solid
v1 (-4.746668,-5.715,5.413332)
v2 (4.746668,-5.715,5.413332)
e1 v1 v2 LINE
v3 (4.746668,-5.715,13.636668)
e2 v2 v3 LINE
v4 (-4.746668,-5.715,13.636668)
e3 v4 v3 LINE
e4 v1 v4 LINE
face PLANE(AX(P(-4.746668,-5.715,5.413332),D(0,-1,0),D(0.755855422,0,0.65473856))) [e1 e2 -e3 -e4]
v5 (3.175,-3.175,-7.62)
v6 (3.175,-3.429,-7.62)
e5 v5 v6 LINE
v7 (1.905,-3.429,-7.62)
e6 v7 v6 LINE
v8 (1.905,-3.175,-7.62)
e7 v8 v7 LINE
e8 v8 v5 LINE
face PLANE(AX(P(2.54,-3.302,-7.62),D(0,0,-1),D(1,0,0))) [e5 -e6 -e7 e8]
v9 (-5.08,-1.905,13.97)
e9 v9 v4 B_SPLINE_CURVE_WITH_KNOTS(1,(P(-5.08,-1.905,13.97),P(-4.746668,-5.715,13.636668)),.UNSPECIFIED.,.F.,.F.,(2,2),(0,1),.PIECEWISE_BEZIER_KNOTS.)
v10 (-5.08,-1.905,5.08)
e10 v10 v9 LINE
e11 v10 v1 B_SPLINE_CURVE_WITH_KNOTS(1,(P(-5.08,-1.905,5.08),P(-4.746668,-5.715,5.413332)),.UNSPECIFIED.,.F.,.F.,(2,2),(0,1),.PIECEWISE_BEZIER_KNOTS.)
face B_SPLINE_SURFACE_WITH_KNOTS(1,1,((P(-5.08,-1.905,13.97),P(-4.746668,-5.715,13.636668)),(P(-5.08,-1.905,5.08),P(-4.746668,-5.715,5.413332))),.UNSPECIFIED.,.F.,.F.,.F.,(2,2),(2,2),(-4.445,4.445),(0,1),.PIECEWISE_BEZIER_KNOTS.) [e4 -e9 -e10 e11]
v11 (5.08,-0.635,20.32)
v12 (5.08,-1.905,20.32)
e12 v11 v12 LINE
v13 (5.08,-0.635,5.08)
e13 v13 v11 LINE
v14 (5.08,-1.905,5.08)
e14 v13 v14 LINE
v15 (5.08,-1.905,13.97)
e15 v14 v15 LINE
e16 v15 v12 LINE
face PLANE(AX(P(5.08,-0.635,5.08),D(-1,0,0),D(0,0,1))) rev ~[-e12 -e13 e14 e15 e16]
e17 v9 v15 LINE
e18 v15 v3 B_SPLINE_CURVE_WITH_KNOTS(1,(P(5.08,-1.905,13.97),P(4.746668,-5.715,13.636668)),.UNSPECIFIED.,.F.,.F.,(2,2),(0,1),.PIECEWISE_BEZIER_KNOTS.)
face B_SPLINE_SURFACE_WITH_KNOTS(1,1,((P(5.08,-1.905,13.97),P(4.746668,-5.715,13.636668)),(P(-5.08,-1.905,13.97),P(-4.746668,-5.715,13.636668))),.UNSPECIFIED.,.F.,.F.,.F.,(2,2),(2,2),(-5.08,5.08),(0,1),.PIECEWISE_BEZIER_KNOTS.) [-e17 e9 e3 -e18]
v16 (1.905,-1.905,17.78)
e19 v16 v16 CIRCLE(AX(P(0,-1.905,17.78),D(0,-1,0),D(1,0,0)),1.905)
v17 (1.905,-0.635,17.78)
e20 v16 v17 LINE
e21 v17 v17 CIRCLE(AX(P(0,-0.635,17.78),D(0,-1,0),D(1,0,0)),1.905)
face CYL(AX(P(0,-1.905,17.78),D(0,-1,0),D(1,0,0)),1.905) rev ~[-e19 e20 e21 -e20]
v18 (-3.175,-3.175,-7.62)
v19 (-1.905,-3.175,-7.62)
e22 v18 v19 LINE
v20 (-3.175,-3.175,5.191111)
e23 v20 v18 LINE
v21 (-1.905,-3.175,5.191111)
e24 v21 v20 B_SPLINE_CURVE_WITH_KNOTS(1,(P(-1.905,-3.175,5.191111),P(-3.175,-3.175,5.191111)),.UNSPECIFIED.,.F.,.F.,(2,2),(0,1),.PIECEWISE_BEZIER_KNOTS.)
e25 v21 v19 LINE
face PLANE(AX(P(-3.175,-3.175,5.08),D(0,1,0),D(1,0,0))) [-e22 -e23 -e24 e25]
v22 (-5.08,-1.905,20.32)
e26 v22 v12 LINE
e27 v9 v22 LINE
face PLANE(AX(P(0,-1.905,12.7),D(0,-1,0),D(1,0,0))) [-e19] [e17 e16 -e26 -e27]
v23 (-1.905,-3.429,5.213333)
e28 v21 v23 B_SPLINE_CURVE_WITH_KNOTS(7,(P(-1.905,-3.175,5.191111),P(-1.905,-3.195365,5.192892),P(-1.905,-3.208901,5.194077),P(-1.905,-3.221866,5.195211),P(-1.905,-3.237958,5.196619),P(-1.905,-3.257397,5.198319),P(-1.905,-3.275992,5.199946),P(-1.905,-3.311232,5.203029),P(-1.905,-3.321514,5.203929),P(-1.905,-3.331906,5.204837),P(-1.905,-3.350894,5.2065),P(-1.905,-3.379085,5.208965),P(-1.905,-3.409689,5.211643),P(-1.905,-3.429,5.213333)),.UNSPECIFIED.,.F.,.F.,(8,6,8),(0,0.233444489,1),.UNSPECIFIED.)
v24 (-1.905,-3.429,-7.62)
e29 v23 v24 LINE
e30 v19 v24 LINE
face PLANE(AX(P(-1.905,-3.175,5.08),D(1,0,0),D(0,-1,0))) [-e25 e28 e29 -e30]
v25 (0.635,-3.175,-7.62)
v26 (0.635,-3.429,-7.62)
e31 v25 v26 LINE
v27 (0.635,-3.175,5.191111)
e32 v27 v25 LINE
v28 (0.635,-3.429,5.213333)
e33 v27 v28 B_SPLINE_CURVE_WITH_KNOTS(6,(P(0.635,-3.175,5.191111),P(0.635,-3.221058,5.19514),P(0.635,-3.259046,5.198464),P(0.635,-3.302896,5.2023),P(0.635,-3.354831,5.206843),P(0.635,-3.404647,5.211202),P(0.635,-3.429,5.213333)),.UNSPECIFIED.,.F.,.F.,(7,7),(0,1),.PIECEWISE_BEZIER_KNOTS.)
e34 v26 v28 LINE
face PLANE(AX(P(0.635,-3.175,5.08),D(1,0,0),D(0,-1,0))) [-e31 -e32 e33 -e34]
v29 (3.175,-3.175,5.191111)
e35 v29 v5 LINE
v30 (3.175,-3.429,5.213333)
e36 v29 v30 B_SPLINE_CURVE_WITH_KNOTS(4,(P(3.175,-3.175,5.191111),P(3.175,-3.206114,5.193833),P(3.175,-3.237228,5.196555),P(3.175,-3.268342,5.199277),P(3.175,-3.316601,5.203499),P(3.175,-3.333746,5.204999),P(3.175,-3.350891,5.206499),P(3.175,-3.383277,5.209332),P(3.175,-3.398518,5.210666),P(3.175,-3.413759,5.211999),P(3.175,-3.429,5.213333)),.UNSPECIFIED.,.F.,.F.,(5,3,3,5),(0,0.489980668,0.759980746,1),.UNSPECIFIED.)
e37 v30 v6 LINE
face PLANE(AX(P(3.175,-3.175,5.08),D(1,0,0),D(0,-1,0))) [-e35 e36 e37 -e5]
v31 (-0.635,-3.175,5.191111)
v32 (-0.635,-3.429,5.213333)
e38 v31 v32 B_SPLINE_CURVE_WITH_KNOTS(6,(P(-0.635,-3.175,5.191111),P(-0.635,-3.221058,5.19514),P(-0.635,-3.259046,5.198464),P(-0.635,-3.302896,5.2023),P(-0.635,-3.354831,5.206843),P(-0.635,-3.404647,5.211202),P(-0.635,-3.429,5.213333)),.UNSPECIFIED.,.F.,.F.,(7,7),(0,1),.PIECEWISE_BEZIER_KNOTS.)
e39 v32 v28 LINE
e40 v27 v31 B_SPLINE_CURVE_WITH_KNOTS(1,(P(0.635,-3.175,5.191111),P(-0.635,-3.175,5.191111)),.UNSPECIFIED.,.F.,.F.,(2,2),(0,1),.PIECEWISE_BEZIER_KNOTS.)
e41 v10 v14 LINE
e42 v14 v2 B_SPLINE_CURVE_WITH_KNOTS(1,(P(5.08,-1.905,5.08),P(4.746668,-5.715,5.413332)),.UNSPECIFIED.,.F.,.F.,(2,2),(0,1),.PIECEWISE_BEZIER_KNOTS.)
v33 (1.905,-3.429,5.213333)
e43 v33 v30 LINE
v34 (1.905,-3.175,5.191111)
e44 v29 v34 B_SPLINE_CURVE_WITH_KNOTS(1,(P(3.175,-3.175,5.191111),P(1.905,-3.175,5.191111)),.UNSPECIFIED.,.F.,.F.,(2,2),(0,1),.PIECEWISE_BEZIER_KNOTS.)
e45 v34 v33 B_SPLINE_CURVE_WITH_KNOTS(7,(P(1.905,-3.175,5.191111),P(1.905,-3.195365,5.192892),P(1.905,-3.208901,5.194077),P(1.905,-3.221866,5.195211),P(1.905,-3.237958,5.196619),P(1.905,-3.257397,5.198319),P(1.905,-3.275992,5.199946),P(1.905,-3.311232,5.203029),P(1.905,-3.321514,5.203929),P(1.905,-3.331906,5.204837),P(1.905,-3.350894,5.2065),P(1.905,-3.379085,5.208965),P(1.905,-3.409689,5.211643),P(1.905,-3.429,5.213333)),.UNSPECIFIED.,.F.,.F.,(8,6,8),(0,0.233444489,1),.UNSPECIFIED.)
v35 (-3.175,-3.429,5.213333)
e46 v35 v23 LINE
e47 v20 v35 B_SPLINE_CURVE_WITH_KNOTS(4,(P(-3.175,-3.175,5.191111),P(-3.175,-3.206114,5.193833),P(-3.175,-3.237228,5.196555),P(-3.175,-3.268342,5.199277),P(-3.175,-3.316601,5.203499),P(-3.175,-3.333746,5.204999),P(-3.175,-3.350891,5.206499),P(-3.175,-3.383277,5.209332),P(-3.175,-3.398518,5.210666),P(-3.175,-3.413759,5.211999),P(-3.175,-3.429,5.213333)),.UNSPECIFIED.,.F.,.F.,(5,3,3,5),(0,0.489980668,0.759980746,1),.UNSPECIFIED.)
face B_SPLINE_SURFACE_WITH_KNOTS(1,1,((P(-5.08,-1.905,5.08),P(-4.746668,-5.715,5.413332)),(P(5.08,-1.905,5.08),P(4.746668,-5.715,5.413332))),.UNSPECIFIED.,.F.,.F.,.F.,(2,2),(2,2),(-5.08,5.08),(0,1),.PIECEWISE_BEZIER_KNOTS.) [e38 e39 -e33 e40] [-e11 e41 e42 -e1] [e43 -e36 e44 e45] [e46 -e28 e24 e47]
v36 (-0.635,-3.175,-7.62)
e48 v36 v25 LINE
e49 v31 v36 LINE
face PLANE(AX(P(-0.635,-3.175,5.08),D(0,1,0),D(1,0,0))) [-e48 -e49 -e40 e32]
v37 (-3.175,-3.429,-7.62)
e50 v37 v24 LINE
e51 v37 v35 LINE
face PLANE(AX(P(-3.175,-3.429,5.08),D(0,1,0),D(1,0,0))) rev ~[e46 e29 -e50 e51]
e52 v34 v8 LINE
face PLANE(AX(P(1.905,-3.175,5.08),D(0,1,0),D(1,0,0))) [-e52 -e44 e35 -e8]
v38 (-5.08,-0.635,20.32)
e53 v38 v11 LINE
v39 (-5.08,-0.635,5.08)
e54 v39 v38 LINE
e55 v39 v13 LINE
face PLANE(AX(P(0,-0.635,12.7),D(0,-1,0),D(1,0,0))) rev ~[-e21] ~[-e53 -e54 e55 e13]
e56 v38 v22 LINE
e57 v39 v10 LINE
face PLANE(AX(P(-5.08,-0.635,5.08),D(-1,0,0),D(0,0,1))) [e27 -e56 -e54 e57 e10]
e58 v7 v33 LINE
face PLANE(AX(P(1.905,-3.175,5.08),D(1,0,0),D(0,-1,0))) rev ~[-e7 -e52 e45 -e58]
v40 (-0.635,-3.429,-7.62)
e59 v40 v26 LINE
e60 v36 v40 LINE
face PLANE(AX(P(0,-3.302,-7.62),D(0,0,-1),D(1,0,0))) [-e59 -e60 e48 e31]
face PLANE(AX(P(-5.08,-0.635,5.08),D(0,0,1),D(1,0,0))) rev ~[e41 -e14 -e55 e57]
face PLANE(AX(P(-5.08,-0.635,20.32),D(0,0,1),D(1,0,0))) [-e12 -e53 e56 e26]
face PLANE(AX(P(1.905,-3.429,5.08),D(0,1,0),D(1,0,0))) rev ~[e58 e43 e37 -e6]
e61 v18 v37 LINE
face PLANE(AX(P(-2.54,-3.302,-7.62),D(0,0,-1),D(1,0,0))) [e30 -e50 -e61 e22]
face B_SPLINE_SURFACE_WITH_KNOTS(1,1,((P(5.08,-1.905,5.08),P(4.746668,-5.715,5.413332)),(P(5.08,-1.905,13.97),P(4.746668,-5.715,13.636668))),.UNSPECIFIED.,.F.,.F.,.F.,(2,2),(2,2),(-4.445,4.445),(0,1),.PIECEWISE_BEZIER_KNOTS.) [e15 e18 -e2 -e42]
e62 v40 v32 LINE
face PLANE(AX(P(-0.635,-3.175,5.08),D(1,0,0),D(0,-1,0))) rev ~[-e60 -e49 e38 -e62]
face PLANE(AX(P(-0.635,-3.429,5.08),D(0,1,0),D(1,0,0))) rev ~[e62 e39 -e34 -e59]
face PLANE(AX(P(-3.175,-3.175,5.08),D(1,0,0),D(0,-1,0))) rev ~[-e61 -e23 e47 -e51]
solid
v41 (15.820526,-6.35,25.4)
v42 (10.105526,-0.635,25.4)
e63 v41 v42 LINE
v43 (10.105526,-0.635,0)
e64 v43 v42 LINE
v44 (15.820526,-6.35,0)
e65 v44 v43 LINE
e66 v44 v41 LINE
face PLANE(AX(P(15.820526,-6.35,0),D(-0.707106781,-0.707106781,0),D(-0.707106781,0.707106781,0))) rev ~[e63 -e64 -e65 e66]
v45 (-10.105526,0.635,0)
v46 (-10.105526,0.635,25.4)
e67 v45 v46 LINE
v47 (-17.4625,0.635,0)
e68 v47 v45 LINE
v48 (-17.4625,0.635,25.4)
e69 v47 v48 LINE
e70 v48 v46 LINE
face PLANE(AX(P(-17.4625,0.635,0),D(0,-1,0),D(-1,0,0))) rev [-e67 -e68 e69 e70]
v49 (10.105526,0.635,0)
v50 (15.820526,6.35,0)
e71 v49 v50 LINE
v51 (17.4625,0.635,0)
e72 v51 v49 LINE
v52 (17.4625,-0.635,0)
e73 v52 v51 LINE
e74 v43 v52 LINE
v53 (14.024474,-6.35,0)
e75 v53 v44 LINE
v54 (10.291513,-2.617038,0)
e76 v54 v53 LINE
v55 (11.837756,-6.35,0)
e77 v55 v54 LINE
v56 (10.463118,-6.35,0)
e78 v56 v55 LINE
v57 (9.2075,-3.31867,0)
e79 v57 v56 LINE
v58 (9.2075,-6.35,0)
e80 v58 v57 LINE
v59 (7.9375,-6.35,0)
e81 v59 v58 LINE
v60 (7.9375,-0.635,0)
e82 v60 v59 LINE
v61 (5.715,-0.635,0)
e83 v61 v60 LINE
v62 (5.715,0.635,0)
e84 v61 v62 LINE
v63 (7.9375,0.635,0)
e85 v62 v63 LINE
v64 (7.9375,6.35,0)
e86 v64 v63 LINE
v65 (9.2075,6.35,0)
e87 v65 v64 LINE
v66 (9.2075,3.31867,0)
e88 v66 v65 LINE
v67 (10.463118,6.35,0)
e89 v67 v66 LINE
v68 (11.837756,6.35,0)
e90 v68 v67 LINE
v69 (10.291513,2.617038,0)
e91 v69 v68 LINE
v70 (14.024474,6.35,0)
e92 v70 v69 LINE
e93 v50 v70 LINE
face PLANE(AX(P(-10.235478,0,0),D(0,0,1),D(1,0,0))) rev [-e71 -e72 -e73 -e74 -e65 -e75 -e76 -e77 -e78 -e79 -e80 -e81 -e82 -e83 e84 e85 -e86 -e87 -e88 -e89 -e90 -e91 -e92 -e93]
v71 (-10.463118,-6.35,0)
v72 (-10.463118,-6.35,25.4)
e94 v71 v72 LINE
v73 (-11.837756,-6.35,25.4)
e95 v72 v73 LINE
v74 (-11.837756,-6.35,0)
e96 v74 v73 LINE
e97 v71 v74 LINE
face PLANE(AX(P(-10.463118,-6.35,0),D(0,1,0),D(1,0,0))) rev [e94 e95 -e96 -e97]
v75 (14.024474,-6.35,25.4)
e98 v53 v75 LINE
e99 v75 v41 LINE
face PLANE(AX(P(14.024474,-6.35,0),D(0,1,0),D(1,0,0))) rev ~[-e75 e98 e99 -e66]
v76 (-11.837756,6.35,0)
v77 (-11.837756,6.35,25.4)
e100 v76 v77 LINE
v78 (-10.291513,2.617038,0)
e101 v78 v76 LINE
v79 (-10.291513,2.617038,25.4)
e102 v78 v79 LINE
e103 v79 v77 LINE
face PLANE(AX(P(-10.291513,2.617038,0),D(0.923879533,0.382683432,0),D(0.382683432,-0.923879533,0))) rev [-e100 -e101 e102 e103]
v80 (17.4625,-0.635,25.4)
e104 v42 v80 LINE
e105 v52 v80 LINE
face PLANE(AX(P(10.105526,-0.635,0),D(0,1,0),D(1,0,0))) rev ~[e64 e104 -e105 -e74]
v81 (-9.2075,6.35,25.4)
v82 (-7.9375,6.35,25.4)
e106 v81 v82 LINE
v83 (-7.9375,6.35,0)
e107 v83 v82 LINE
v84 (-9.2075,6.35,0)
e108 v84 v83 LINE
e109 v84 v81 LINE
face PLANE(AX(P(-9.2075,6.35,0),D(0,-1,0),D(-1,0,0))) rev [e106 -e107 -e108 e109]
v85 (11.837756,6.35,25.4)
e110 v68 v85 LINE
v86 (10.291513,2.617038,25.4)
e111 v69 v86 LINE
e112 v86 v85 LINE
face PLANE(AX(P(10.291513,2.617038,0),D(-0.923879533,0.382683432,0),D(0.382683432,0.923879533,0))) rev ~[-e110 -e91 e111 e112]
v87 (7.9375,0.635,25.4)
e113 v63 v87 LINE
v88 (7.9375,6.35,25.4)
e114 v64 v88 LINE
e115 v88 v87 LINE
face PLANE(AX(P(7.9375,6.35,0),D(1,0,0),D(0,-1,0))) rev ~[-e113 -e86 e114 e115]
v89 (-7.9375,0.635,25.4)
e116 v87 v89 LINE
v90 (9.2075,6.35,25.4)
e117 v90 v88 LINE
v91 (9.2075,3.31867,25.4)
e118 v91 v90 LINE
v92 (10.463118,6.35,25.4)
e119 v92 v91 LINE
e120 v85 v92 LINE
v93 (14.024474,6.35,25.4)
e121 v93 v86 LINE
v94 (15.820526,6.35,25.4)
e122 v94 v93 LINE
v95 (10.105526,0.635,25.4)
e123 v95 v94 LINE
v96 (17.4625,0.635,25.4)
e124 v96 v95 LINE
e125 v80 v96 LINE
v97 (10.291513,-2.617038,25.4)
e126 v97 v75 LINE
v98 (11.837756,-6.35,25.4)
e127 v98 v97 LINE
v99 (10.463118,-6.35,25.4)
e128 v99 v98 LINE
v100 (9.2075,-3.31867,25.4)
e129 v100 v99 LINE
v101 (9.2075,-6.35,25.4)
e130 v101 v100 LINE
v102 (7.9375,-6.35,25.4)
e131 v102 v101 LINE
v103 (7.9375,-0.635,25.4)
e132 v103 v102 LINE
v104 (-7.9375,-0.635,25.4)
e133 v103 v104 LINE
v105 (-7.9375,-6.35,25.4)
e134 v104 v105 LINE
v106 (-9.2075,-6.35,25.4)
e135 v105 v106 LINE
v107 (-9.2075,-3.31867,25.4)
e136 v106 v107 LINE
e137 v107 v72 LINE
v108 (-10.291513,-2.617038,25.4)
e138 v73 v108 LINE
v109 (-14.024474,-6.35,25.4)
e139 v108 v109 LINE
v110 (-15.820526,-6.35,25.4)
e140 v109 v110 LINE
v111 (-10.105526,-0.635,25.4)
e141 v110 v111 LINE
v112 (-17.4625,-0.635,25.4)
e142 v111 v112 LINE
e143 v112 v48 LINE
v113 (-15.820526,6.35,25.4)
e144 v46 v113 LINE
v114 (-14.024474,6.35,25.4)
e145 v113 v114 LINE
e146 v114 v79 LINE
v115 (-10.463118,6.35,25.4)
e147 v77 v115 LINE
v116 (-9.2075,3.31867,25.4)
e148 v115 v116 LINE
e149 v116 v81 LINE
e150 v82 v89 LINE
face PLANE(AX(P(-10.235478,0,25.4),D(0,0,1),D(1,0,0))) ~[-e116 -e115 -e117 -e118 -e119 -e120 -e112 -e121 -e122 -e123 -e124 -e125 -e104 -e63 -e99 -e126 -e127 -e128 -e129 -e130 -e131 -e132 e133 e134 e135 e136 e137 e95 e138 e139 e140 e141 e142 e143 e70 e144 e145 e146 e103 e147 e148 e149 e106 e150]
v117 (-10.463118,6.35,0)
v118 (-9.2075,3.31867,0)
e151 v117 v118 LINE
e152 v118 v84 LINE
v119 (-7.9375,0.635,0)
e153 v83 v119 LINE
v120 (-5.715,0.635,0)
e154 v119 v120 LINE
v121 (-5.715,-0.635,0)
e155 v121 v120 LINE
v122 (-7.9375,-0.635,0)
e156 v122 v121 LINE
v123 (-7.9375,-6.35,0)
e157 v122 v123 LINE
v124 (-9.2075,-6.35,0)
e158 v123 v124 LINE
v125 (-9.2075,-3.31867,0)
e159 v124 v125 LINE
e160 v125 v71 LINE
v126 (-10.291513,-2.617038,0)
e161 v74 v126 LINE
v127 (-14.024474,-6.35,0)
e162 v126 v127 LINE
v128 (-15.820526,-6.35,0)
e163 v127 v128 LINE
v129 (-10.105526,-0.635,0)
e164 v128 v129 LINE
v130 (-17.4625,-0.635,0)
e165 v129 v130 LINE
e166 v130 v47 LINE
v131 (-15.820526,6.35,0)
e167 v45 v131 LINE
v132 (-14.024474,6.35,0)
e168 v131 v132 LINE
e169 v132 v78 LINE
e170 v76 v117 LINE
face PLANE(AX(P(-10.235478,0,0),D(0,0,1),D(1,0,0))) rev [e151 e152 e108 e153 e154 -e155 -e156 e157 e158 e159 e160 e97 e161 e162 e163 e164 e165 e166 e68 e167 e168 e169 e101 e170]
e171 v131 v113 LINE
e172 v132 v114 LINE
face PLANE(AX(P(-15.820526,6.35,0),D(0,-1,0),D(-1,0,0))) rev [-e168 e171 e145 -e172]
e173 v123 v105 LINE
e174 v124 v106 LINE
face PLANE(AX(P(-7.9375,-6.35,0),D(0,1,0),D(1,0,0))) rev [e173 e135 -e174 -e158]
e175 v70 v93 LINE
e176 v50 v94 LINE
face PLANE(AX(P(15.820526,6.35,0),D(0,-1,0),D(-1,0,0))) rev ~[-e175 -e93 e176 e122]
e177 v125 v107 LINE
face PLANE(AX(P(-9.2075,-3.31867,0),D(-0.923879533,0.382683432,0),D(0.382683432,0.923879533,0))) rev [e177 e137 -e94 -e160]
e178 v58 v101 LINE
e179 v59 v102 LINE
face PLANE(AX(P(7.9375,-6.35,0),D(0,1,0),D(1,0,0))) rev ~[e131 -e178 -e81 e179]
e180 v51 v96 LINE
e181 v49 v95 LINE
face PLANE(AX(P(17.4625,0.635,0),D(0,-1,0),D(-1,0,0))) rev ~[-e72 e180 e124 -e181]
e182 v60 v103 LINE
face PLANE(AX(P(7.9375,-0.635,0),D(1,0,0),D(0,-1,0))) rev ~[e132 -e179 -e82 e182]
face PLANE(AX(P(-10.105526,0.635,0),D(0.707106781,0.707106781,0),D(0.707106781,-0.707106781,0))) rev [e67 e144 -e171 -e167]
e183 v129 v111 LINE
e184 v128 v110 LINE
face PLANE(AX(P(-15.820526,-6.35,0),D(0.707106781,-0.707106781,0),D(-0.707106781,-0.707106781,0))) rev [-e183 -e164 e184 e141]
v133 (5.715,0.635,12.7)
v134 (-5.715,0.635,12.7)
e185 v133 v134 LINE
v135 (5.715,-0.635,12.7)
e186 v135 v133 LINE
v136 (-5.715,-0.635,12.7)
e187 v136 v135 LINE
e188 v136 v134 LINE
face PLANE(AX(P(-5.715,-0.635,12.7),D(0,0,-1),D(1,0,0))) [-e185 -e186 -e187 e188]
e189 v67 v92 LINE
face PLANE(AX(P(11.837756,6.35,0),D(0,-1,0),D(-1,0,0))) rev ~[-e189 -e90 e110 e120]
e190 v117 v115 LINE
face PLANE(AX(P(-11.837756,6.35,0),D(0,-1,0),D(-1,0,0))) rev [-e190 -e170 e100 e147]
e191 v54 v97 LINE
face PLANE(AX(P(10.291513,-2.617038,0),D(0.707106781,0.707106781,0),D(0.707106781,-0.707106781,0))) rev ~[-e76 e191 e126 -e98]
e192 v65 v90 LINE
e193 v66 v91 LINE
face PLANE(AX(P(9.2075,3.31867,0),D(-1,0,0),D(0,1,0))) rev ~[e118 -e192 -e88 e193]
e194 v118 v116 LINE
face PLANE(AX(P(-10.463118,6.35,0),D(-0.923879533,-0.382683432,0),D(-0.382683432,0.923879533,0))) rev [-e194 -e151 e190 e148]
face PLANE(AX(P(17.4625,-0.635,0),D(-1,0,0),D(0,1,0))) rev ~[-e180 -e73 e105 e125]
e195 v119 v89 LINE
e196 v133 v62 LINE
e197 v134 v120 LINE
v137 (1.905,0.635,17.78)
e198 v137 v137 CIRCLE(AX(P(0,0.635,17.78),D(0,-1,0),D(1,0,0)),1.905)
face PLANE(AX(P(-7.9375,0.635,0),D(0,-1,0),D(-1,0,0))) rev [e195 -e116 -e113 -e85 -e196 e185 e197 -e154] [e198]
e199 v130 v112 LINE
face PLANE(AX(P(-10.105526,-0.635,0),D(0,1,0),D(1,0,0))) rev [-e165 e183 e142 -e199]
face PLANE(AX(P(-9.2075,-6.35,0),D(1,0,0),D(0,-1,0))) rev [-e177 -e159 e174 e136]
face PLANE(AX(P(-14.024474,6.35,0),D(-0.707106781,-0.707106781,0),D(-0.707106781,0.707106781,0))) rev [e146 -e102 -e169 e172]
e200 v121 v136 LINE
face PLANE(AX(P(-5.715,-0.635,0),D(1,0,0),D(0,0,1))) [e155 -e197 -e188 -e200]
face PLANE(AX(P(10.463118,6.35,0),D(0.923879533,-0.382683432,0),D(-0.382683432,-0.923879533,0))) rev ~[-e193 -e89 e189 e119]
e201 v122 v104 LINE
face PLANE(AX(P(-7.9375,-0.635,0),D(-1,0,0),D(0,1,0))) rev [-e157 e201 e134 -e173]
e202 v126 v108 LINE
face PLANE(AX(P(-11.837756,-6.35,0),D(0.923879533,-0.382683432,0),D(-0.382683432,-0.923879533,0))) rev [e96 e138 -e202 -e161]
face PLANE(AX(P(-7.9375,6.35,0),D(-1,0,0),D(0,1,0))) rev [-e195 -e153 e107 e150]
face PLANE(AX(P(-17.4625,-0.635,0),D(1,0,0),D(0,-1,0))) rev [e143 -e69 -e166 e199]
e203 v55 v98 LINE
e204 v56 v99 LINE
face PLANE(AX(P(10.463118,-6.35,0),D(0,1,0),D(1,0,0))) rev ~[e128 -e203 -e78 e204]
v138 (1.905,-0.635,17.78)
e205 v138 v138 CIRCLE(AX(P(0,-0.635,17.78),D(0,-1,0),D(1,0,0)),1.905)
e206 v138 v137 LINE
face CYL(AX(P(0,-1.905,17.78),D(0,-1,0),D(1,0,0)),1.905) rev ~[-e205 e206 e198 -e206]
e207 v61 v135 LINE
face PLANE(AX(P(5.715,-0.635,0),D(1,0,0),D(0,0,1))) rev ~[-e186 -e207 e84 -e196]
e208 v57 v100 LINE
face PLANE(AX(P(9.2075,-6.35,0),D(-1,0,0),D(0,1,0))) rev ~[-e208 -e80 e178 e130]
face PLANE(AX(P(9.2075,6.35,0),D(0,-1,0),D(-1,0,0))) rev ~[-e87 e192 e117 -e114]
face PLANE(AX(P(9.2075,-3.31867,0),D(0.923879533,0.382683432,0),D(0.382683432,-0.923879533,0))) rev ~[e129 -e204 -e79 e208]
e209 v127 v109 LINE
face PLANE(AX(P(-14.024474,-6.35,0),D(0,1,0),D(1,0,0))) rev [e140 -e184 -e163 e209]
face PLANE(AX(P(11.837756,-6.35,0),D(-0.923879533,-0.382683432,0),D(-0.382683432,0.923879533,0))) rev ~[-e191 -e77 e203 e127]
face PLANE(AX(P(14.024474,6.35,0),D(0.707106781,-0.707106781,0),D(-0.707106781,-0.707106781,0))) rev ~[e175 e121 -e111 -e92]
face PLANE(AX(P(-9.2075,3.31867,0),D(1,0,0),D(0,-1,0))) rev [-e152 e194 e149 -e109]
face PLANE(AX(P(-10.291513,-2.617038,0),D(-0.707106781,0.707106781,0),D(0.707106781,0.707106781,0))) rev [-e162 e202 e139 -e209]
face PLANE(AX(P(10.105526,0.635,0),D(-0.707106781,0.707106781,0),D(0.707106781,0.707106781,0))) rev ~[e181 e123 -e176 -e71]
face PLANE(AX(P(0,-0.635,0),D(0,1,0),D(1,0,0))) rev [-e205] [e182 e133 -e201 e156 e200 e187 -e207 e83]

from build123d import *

# Parameters (mm, degrees)
F1_DEPTH       = 25.4
F3_W           = 11.43
F3_H           = 12.7
F4_DEPTH       = 6.986
F5_W           = 10.16
F5_H           = 15.24
F6_DEPTH       = 1.27
F7_W           = 10.16
F7_H           = 8.89
F8_DEPTH       = 3.81
F8_TAPER       = 5
F10_R          = 1.905
F11_DEPTH      = 8.256
F12_W          = 1.27
F12_H          = 0.254
F13_DEPTH      = 12.7
F13_DEPTH_BACK = 0.1333328232


with BuildPart() as f1:
    # F0 (on Top) → F1 (new body)
    with BuildSketch(Plane.XY):
        Polygon((7.9375, -0.635), (7.9375, -6.35), (9.2075, -6.35), (9.2075, -3.3186699308), (10.4631180267, -6.35), (11.8377561211, -6.35), (10.2915128061, -2.6170384182), (14.0244743879, -6.35), (15.8205256121, -6.35), (10.1055256121, -0.635), (17.4625, -0.635), (17.4625, 0.635), (10.1055256121, 0.635), (15.8205256121, 6.35), (14.0244743879, 6.35), (10.2915128061, 2.6170384182), (11.8377561211, 6.35), (10.4631180267, 6.35), (9.2075, 3.3186699308), (9.2075, 6.35), (7.9375, 6.35), (7.9375, 0.635), (0, 0.635), (0, -0.635), align=None)
    extrude(amount=F1_DEPTH)

    # F2: F1 across plane


with BuildPart() as f1_1:
    add(f1.part)
    add(f1.part.mirror(Plane.YZ))

    # F3 (on face) → F4 (cut, through all)
    with BuildSketch(Plane.XZ.offset(0.635)):
        with Locations((0, 6.35)):
            Rectangle(F3_W, F3_H)
    extrude(amount=-F4_DEPTH, mode=Mode.SUBTRACT)


with BuildPart() as f6:
    # F5 (on face) → F6 (new body)
    with BuildSketch(Plane.XZ.offset(0.635)):
        with Locations((0, 12.7)):
            Rectangle(F5_W, F5_H)
    extrude(amount=F6_DEPTH)

    # F7 (on face) → F8 (join)
    with BuildSketch(Plane.XZ.offset(1.905)):
        with Locations((0, 9.525)):
            Rectangle(F7_W, F7_H)
    extrude(amount=F8_DEPTH, taper=F8_TAPER)


with BuildPart() as f11_tool:
    # F10 (on face) → F11 (new body, through all)
    with BuildSketch(Plane.XZ.offset(1.905)):
        with Locations((0, 17.78)):
            Circle(F10_R)
    extrude(amount=-F11_DEPTH)


with BuildPart() as f1_2:
    add(f1_1.part)

    # F11: cut by f11_tool
    add(f11_tool.part, mode=Mode.SUBTRACT)


with BuildPart() as f6_1:
    add(f6.part)

    # F11: cut by f11_tool
    add(f11_tool.part, mode=Mode.SUBTRACT)

    # F12 (on face) → F13 (join, two sides)
    with BuildSketch(Plane(origin=(0, 0, 5.08), x_dir=(1, 0, 0), z_dir=(0, 0, -1))) as f13_sk:
        with Locations((0, 3.302)):
            Rectangle(F12_W, F12_H)
        with Locations((-2.54, 3.302)):
            Rectangle(F12_W, F12_H)
        with Locations((2.54, 3.302)):
            Rectangle(F12_W, F12_H)
    extrude(amount=F13_DEPTH)
    extrude(f13_sk.sketch, amount=-F13_DEPTH_BACK)


solid = Compound([f1_2.part, f6_1.part])
